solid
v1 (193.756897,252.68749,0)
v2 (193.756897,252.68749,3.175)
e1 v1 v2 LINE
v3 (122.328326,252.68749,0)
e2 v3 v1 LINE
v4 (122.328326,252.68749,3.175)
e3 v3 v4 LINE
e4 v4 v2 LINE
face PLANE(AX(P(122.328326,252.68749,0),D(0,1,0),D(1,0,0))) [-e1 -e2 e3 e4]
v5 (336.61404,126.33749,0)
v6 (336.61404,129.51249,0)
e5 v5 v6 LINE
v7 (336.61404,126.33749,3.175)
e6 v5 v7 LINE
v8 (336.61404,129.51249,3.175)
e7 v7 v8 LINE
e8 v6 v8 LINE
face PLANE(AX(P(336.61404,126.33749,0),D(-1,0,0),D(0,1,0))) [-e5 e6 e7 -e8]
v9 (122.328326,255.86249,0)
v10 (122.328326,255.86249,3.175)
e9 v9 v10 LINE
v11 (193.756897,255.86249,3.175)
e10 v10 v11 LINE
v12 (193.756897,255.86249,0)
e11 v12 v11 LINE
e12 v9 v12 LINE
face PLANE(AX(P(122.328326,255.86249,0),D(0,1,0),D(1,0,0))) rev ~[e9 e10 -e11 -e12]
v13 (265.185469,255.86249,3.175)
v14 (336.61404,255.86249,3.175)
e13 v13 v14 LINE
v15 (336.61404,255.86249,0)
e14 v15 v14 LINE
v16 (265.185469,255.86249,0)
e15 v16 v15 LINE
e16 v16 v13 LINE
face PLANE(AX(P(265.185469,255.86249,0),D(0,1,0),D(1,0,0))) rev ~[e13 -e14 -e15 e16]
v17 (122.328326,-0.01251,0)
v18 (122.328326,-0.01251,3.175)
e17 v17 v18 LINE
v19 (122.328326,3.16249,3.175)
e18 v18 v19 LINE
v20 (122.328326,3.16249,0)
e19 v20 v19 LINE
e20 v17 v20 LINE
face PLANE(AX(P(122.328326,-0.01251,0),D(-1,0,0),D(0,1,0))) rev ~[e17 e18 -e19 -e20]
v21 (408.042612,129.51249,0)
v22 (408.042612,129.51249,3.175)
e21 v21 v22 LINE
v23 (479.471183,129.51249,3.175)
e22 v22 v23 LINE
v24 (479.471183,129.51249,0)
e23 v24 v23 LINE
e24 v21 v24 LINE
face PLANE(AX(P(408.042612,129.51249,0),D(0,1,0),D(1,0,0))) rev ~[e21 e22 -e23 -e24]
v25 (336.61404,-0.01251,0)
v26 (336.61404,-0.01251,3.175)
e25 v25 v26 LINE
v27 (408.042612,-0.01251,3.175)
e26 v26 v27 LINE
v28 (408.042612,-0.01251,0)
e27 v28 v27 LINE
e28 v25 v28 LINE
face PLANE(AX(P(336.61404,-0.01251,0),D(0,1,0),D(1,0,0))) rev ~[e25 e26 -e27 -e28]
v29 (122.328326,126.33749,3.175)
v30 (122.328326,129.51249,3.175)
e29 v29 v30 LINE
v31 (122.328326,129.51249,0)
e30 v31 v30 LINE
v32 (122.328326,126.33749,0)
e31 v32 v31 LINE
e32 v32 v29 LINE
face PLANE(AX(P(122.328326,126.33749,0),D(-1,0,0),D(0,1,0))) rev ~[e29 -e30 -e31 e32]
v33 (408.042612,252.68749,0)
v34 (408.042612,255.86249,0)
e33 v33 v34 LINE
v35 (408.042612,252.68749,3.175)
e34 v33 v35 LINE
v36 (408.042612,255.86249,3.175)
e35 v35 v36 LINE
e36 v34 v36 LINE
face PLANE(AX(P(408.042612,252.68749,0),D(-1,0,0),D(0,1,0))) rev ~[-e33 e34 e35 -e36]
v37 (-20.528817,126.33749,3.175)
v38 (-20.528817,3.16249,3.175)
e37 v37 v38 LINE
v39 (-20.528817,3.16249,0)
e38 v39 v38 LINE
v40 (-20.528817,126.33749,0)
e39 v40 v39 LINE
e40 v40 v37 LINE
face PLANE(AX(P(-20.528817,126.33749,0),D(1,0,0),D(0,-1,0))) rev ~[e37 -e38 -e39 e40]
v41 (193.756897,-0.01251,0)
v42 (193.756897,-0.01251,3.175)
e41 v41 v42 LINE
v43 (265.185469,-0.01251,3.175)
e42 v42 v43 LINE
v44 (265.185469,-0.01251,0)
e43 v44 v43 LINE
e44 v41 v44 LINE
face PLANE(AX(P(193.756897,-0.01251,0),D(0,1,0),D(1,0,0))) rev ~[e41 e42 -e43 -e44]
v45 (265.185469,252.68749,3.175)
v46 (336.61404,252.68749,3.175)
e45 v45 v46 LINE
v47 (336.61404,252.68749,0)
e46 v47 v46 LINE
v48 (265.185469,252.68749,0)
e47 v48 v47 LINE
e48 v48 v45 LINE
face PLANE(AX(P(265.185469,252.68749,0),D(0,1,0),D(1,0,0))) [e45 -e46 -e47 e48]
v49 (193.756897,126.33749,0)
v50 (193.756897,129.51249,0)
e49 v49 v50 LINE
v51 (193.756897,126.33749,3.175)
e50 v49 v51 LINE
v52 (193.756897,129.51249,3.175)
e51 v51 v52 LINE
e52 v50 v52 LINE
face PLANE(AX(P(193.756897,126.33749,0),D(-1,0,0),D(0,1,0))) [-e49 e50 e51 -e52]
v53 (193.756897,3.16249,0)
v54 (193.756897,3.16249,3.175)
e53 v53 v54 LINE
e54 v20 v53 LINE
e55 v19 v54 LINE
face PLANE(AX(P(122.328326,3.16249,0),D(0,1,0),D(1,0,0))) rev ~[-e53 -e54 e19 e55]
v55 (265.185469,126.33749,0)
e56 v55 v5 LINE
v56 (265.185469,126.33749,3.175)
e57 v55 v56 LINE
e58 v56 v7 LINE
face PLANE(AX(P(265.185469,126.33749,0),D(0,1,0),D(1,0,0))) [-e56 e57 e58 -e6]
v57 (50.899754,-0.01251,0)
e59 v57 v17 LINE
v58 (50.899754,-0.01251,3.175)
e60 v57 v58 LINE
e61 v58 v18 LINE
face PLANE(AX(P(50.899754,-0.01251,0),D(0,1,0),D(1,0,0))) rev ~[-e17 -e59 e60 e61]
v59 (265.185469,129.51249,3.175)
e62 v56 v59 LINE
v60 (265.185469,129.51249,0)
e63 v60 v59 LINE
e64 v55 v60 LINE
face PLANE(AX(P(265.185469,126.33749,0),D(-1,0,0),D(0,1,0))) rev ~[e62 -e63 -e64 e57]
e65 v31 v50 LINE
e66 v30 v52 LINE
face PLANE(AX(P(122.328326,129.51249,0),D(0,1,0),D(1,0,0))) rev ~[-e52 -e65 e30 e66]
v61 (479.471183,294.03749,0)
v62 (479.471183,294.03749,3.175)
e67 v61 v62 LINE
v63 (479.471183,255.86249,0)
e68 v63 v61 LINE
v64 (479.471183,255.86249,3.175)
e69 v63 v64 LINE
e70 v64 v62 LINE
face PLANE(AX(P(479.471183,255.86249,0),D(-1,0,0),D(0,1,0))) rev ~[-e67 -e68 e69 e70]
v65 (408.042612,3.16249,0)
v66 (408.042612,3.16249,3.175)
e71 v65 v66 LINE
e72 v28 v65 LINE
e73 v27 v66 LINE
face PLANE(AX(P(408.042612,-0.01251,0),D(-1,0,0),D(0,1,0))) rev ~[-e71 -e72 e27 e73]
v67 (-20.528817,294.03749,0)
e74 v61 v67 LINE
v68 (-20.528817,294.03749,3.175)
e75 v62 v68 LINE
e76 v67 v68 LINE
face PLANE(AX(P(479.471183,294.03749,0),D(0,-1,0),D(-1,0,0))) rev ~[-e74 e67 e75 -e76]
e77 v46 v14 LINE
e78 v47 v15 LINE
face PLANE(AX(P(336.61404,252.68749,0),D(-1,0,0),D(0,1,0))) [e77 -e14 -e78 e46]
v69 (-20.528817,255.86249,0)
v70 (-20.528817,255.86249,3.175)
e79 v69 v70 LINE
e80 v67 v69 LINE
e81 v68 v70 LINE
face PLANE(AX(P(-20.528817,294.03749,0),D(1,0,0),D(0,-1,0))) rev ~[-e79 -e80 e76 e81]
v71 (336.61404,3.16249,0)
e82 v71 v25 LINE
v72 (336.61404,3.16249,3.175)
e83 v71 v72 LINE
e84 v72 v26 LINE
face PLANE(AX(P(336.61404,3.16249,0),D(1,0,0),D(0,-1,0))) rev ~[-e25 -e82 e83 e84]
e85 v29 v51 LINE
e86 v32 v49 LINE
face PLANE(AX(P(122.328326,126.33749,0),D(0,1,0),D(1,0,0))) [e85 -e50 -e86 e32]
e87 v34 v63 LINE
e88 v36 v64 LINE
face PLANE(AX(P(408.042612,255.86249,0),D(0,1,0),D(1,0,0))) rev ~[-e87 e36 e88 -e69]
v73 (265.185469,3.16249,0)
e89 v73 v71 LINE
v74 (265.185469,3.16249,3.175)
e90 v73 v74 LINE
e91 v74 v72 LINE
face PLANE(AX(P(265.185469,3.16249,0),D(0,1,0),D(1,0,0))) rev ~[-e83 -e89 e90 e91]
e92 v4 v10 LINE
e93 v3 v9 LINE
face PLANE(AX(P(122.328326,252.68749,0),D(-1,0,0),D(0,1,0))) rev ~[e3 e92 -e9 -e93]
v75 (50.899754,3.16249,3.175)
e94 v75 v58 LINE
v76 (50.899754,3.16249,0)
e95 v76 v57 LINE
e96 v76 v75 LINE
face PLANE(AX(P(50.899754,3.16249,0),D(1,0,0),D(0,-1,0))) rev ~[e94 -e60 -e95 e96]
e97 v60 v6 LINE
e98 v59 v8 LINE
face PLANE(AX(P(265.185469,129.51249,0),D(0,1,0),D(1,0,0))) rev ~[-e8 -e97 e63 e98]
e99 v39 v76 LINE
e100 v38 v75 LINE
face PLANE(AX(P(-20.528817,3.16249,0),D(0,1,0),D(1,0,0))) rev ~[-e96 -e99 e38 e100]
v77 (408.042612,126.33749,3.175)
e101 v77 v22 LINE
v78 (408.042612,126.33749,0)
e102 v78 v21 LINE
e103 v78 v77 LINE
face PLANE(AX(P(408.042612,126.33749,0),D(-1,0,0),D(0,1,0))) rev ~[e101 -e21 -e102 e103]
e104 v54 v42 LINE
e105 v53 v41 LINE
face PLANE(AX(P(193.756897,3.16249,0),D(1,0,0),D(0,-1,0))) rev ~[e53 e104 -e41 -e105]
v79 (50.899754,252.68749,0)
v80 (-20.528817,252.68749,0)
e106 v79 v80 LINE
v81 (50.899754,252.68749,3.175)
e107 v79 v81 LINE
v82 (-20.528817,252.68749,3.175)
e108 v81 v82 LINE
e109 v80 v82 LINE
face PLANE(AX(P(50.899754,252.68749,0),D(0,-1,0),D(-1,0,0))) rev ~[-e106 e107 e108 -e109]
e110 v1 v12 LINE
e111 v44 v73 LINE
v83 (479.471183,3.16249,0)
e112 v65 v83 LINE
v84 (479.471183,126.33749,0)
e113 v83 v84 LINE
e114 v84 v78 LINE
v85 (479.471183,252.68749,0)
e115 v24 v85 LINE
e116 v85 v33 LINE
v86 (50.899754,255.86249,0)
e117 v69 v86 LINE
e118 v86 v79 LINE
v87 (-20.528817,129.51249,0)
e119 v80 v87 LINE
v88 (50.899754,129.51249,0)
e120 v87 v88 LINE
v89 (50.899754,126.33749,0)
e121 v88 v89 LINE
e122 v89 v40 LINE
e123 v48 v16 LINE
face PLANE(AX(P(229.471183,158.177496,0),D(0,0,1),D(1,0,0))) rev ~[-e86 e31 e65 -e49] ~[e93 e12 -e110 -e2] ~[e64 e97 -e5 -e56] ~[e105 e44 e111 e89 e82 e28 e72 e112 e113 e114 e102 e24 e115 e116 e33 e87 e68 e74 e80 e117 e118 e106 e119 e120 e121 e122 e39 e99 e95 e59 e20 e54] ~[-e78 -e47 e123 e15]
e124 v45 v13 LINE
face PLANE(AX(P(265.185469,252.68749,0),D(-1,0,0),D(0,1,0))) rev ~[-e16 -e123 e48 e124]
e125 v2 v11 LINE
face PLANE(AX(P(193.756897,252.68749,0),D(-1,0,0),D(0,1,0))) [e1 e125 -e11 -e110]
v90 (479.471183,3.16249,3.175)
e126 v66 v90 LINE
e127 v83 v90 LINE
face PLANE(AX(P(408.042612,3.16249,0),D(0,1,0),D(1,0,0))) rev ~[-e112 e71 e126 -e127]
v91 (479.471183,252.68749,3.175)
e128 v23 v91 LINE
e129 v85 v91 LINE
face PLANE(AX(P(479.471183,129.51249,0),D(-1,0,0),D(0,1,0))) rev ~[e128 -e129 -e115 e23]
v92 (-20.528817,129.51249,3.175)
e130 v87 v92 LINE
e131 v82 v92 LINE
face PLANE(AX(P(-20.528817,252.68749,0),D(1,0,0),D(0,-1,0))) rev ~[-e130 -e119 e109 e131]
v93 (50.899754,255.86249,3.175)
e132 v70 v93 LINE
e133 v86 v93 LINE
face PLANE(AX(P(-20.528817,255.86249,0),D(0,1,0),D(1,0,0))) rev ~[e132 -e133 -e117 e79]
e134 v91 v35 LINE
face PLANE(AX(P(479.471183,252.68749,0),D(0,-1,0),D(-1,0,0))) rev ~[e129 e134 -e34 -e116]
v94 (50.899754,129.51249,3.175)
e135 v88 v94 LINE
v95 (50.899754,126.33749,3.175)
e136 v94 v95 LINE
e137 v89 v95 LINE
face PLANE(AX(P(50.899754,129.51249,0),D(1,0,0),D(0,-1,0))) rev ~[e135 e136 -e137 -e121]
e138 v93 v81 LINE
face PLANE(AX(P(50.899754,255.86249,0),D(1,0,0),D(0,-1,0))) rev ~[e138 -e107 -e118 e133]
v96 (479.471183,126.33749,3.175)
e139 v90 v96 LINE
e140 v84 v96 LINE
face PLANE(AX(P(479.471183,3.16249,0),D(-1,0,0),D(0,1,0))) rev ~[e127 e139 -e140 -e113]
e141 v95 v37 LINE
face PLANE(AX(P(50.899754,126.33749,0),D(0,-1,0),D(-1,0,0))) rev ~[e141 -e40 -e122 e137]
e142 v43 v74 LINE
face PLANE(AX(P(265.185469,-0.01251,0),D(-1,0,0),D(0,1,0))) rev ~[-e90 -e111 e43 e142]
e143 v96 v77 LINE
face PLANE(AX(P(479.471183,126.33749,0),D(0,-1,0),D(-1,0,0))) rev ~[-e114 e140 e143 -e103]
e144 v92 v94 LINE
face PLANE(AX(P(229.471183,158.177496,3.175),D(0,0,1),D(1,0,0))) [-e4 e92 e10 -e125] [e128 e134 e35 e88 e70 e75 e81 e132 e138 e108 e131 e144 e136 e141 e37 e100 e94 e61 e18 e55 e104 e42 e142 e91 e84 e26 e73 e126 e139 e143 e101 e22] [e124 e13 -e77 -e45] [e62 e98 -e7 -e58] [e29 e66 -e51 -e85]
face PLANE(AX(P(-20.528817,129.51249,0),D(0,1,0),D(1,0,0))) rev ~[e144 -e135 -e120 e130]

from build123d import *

# Parameters (mm, degrees)
SKETCH1_W           = 71.428571428
SKETCH1_H           = 3.175
SKETCH1_W_2         = 71.428571429
BOSS_EXTRUDE1_DEPTH = 3.175


with BuildPart() as part:
    # Sketch1 → Boss-Extrude1 (new body)
    with BuildSketch(Plane.XY):
        Polygon((50.899754495, -0.012509515), (122.328325923, -0.012509515), (122.328325923, 3.162490485), (193.756897352, 3.162490485), (193.756897352, -0.012509515), (265.185468781, -0.012509515), (265.185468781, 3.162490485), (336.614040209, 3.162490485), (336.614040209, -0.012509515), (408.042611638, -0.012509515), (408.042611638, 3.162490485), (479.471183066, 3.162490485), (479.471183066, 126.337490485), (408.042611638, 126.337490485), (408.042611638, 129.512490485), (479.471183066, 129.512490485), (479.471183066, 252.687490485), (408.042611638, 252.687490485), (408.042611638, 255.862490485), (479.471183066, 255.862490485), (479.471183066, 294.037490485), (166.471183066, 294.037490485), (-20.528816934, 294.037490485), (-20.528816934, 255.862490485), (50.899754495, 255.862490485), (50.899754495, 252.687490485), (-20.528816934, 252.687490485), (-20.528816934, 129.512490485), (50.899754495, 129.512490485), (50.899754495, 126.337490485), (-20.528816934, 126.337490485), (-20.528816934, 3.162490485), (50.899754495, 3.162490485), align=None)
        with Locations((300.899754495, 127.924990485)):
            Rectangle(SKETCH1_W, SKETCH1_H, mode=Mode.SUBTRACT)
        with Locations((300.899754495, 254.274990485)):
            Rectangle(SKETCH1_W, SKETCH1_H, mode=Mode.SUBTRACT)
        with Locations((158.042611638, 127.924990485)):
            Rectangle(SKETCH1_W_2, SKETCH1_H, mode=Mode.SUBTRACT)
        with Locations((158.042611638, 254.274990485)):
            Rectangle(SKETCH1_W_2, SKETCH1_H, mode=Mode.SUBTRACT)
    extrude(amount=BOSS_EXTRUDE1_DEPTH)


solid = part.part
